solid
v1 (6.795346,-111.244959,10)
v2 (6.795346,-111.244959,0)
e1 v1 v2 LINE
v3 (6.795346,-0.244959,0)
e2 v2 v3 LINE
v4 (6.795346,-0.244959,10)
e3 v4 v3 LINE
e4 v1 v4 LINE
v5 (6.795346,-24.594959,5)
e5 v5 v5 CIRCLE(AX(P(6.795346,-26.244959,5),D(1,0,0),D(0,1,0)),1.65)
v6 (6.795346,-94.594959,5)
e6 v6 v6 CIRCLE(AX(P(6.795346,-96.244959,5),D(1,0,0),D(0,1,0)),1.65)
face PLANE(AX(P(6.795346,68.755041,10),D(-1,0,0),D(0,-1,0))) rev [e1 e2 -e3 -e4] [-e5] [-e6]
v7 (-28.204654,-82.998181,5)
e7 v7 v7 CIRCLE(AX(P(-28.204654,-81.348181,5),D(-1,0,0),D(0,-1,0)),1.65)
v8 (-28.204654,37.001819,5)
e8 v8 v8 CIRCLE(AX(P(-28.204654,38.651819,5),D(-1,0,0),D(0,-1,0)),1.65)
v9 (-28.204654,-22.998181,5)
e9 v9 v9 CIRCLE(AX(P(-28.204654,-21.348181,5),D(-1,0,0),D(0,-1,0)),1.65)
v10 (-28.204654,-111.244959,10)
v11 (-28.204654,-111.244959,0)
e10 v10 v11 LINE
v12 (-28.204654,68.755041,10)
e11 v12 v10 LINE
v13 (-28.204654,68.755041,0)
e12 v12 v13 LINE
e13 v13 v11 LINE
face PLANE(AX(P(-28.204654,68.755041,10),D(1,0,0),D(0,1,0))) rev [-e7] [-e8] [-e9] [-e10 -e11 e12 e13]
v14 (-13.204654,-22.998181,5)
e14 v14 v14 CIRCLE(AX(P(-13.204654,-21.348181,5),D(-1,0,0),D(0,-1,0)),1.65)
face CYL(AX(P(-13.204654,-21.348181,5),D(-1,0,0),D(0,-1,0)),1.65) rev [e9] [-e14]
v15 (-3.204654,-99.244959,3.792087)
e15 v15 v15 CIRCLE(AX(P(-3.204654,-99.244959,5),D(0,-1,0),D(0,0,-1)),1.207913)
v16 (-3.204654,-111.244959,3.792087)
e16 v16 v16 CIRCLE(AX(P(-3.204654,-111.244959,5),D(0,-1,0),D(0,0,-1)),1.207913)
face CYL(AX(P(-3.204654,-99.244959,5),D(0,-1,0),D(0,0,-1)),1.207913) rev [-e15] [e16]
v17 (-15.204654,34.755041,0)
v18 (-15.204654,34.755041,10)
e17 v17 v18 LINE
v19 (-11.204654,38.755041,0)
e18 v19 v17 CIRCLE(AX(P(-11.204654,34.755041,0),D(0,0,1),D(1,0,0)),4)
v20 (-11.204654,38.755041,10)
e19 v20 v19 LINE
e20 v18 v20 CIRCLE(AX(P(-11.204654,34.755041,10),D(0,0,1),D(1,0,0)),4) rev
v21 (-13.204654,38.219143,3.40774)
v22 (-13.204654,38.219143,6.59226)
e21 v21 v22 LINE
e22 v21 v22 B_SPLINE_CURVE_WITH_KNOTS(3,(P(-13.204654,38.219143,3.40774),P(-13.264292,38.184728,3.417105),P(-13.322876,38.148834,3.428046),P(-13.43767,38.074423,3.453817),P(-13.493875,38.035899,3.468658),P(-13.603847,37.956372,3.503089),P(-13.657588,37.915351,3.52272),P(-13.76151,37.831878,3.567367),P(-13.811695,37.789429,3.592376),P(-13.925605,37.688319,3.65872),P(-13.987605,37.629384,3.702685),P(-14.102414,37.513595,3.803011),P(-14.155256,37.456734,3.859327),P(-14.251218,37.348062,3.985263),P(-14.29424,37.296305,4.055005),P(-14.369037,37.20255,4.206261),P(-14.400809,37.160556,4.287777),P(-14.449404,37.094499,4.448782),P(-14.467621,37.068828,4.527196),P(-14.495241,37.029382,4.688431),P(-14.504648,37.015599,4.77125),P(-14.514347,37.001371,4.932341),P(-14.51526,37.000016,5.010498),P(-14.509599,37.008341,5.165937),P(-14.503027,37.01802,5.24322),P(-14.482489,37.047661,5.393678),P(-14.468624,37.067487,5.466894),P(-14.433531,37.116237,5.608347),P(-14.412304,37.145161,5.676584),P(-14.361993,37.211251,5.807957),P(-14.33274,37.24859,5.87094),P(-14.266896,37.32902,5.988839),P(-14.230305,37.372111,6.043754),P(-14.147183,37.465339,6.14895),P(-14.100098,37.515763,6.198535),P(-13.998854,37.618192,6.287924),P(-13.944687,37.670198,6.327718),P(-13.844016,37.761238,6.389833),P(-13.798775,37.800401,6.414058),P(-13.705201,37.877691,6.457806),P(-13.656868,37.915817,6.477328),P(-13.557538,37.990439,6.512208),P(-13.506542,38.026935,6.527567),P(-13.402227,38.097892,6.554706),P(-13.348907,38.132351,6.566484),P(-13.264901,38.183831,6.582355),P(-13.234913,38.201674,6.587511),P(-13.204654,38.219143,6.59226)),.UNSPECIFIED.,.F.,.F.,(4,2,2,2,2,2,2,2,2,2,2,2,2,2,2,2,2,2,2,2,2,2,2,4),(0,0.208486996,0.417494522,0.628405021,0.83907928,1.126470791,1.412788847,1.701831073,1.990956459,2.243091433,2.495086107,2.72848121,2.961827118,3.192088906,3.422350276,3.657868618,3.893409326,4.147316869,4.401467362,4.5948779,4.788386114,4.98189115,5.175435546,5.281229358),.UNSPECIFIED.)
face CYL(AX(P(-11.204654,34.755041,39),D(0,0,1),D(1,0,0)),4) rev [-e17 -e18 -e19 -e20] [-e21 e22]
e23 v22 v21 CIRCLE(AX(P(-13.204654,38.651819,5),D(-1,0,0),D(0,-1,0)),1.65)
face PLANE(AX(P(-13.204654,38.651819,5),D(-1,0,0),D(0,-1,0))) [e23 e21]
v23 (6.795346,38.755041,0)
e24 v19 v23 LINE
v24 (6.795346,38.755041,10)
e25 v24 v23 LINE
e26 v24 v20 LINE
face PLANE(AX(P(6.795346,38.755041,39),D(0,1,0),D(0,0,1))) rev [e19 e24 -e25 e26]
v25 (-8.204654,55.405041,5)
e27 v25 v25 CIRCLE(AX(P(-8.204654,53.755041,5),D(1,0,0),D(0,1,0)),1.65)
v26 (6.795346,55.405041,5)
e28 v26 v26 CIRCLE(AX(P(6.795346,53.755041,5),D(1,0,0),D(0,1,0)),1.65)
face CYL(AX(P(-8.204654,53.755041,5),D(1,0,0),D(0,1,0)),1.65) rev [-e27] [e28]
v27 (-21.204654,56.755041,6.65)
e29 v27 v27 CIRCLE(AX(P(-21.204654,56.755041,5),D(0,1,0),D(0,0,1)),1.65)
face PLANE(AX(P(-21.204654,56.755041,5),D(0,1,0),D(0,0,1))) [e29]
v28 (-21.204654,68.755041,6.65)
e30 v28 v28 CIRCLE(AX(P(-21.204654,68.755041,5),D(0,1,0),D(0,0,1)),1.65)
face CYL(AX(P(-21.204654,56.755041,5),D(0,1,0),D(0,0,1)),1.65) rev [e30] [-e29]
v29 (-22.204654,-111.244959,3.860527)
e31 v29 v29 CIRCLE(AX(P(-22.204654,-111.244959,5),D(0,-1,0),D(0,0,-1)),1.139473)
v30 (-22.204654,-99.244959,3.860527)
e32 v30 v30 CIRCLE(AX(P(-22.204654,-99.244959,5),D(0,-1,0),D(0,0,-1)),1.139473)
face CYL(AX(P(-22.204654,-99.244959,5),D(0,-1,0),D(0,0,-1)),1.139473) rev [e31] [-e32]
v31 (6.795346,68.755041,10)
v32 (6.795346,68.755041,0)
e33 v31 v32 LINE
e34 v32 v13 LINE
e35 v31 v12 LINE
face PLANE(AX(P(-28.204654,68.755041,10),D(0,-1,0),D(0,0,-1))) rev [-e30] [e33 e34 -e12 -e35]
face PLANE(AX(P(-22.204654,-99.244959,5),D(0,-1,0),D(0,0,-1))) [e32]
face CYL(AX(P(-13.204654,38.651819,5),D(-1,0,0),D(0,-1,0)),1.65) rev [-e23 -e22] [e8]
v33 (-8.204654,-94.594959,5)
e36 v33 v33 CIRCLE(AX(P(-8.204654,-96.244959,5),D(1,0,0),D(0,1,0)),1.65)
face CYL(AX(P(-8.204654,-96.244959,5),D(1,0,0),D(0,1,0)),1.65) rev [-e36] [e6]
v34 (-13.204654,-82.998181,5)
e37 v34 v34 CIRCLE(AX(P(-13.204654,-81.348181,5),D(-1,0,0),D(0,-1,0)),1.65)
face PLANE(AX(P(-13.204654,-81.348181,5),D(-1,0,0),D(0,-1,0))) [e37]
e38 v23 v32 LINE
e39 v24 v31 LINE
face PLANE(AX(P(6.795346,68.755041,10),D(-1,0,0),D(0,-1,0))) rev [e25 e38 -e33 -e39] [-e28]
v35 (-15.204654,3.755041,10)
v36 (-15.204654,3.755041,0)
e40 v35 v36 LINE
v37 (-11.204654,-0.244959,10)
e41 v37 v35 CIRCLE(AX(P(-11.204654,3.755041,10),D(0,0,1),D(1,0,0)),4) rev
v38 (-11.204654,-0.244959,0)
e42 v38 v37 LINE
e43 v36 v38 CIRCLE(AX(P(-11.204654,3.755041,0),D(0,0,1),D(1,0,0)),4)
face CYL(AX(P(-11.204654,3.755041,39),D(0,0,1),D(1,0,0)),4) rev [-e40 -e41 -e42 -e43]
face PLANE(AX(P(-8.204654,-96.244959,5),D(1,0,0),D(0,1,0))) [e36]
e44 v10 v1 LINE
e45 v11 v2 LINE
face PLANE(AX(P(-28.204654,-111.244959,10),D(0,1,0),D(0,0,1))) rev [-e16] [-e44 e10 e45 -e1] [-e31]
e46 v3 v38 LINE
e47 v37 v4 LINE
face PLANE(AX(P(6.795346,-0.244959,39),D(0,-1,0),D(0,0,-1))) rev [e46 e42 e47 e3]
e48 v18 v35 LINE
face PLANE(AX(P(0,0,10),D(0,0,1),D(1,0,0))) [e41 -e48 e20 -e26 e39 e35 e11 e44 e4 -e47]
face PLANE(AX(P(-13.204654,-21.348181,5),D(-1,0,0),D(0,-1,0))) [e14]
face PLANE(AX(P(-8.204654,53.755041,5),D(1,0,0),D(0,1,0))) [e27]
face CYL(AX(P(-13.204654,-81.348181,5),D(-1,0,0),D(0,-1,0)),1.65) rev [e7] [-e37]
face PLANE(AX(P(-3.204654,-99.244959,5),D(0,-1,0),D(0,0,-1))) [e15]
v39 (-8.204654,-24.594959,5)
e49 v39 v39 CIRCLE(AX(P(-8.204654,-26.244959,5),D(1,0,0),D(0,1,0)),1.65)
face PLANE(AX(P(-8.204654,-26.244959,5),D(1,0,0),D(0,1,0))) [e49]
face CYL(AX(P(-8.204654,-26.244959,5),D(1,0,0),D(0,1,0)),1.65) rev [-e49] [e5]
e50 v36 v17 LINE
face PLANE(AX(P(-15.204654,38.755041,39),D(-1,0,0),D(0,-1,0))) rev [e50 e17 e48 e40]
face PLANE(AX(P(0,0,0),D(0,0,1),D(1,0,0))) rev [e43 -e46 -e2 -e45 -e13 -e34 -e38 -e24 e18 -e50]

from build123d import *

# Parameters (mm, degrees)
SKETCH_1_W          = 35
SKETCH_1_H          = 180
EXTRUDE_1_DEPTH     = 10
SKETCH_2_W          = 22
SKETCH_2_H          = 39
CUT_EXTRUDE_1_DEPTH = 39
FILLET_1_R          = 4
SKETCH_3_R          = 1.65
CUT_EXTRUDE_2_DEPTH = 15
SKETCH_5_R          = 1.65
CUT_EXTRUDE_3_DEPTH = 15
SKETCH_6_R          = 1.139472941
SKETCH_6_R_2        = 1.207913295
CUT_EXTRUDE_4_DEPTH = 12
SKETCH_7_R          = 1.65
CUT_EXTRUDE_5_DEPTH = 12


with BuildPart() as part:
    # Эскиз1 → Бобышка-Вытянуть1 (new body)
    with BuildSketch(Plane.XY):
        with Locations((-10.704653715, -21.244958968)):
            Rectangle(SKETCH_1_W, SKETCH_1_H)
    extrude(amount=EXTRUDE_1_DEPTH)

    # Эскиз2 → Вырез-Вытянуть1 (cut)
    with BuildSketch(Plane(origin=(0, 0, 0), x_dir=(-1, 0, 0), z_dir=(0, 0, -1))):
        with Locations((4.204653715, 19.255041032)):
            Rectangle(SKETCH_2_W, SKETCH_2_H)
    extrude(amount=-CUT_EXTRUDE_1_DEPTH, mode=Mode.SUBTRACT)

    # Скругление1
    fillet_1_edges = [part.edges().sort_by_distance(p)[0] for p in [
        (-15.204653715, 38.755041032, 5),
        (-15.204653715, -0.244958968, 5),
    ]]
    fillet(fillet_1_edges, radius=FILLET_1_R)

    # Эскиз3 → Вырез-Вытянуть2 (cut)
    with BuildSketch(Plane.ZY.offset(28.204653715)):
        with Locations(Location((5, 38.651818595, 0), (0, 0, 270))):
            Circle(SKETCH_3_R)
        with Locations(Location((5, -21.348181405, 0), (0, 0, 270))):
            Circle(SKETCH_3_R)
        with Locations(Location((5, -81.348181405, 0), (0, 0, 270))):
            Circle(SKETCH_3_R)
    extrude(amount=-CUT_EXTRUDE_2_DEPTH, mode=Mode.SUBTRACT)

    # Эскиз5 → Вырез-Вытянуть3 (cut)
    with BuildSketch(Plane(origin=(6.795346285, 0, 0), x_dir=(0, 0, -1), z_dir=(1, 0, 0))):
        with Locations(Location((-5, 53.755041032, 0), (0, 0, 90))):
            Circle(SKETCH_5_R)
        with Locations(Location((-5, -26.244958968, 0), (0, 0, 90))):
            Circle(SKETCH_5_R)
        with Locations(Location((-5, -96.244958968, 0), (0, 0, 90))):
            Circle(SKETCH_5_R)
    extrude(amount=-CUT_EXTRUDE_3_DEPTH, mode=Mode.SUBTRACT)

    # Эскиз6 → Вырез-Вытянуть4 (cut)
    with BuildSketch(Plane.XZ.offset(111.244958968)):
        with Locations(Location((-22.204653715, 5, 0), (0, 0, 270))):
            Circle(SKETCH_6_R)
        with Locations(Location((-3.204653715, 5, 0), (0, 0, 270))):
            Circle(SKETCH_6_R_2)
    extrude(amount=-CUT_EXTRUDE_4_DEPTH, mode=Mode.SUBTRACT)

    # Эскиз7 → Вырез-Вытянуть5 (cut)
    with BuildSketch(Plane(origin=(0, 68.755041032, 0), x_dir=(1, 0, 0), z_dir=(0, 1, 0))):
        with Locations(Location((-21.204653715, -5, 0), (0, 0, 270))):
            Circle(SKETCH_7_R)
    extrude(amount=-CUT_EXTRUDE_5_DEPTH, mode=Mode.SUBTRACT)


solid = part.part
